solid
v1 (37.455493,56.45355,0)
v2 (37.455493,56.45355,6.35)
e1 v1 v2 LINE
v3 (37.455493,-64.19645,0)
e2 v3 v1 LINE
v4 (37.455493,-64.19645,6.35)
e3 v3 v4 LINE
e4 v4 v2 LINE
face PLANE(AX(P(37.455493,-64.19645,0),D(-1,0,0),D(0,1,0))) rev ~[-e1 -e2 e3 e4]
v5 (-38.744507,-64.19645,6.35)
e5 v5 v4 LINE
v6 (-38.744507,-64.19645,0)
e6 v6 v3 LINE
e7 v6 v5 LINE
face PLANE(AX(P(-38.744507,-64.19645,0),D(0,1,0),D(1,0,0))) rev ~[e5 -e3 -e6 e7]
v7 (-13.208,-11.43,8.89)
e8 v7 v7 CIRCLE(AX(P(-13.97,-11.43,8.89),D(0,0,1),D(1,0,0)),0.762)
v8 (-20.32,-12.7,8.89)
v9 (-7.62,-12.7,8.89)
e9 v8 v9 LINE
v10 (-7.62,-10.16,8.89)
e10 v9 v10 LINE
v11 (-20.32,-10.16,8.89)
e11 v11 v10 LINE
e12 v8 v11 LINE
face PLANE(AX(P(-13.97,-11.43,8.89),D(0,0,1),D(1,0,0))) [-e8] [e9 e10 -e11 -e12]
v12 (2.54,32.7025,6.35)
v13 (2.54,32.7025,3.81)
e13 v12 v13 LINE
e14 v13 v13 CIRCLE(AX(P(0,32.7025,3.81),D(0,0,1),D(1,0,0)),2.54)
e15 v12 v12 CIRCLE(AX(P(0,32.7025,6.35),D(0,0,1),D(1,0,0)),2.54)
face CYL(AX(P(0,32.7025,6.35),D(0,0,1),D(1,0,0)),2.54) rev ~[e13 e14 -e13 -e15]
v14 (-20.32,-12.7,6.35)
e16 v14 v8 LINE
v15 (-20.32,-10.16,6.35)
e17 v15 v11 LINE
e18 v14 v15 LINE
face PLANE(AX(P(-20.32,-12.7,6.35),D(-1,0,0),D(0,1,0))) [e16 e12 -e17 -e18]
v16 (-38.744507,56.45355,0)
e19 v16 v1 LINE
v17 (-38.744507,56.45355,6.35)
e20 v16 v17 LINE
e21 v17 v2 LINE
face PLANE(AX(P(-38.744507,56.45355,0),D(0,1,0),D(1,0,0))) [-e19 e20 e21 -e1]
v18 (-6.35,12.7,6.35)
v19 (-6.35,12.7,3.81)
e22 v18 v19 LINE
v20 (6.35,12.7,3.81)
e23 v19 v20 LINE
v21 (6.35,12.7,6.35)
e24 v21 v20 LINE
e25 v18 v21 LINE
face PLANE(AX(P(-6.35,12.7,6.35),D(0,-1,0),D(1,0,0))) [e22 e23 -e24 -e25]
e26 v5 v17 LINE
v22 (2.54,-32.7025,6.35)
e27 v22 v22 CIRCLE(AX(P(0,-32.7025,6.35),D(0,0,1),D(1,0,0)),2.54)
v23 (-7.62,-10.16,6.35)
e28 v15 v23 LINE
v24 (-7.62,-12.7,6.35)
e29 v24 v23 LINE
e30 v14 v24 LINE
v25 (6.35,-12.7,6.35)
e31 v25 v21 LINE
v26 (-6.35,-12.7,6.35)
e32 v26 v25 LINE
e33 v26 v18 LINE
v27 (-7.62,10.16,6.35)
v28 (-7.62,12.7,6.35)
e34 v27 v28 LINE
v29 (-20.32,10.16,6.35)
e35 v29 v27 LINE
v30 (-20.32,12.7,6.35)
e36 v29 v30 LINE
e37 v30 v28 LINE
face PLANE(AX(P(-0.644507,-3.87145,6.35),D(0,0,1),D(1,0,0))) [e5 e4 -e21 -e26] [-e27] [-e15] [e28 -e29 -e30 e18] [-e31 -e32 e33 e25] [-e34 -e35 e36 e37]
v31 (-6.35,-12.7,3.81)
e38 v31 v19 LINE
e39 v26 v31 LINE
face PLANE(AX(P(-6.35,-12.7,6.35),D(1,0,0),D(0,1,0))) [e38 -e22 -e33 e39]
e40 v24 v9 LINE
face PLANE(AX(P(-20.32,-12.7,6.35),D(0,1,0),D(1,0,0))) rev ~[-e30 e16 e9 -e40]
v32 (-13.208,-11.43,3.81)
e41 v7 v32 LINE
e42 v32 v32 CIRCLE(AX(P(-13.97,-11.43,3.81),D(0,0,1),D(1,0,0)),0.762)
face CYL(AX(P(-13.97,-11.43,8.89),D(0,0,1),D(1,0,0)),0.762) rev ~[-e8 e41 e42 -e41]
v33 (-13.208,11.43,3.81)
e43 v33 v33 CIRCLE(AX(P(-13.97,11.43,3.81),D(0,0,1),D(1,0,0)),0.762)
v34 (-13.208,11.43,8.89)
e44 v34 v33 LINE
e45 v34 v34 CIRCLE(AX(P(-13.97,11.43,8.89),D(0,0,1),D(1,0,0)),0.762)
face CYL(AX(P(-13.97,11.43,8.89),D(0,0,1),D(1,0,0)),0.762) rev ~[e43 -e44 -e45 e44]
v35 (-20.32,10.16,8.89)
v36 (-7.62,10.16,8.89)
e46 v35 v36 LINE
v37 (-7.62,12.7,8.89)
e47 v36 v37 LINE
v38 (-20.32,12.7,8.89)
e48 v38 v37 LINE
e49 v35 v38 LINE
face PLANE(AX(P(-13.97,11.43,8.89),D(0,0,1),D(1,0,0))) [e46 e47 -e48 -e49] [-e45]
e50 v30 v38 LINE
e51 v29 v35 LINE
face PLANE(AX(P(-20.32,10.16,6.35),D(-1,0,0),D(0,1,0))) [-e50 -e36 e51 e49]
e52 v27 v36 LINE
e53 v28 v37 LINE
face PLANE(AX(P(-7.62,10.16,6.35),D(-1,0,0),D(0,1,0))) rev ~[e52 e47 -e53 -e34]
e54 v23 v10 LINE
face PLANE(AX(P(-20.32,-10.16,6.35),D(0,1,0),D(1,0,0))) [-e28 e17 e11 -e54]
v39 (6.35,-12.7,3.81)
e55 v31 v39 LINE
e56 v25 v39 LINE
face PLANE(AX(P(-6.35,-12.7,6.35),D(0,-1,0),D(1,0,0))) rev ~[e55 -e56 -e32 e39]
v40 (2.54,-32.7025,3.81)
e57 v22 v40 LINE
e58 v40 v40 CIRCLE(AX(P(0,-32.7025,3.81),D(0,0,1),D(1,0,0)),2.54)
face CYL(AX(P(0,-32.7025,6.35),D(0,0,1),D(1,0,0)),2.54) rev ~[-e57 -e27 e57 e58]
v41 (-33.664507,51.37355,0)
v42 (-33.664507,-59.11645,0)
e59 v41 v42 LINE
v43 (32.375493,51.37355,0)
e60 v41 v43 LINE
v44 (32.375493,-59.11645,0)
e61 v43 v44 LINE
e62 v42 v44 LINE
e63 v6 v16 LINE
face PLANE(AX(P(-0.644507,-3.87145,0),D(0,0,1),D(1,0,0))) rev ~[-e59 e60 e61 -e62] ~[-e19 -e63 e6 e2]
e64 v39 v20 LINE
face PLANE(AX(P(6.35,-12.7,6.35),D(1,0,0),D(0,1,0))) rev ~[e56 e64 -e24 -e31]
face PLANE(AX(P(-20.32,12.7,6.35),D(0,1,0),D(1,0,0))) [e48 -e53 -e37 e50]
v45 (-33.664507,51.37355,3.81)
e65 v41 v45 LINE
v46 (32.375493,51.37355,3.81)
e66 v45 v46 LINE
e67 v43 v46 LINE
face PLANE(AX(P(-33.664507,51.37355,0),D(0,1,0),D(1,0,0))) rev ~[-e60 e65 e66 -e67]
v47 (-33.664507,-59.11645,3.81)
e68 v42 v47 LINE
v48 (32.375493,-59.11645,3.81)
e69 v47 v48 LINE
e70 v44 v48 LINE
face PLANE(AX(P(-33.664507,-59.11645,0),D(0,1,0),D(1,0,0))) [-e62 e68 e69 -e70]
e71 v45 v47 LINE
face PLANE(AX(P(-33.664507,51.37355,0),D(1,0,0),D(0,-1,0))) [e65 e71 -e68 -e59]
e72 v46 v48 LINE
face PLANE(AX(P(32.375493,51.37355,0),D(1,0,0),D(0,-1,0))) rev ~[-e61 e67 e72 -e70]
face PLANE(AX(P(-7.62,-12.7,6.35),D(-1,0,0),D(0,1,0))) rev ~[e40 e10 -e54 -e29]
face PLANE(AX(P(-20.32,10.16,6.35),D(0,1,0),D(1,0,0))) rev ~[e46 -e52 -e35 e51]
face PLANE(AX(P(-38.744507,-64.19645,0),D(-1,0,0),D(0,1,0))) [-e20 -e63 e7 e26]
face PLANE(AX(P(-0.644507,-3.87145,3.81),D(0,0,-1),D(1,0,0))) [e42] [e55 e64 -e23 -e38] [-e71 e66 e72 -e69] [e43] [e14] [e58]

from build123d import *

# Parameters (mm, degrees)
F0_W      = 76.2
F0_H      = 120.65
F1_DEPTH  = 6.35
F2_W      = 12.7
F2_H      = 25.4
F3_DEPTH  = 6.35
F4_R      = 2.54
F5_DEPTH  = 6.35
F6_W      = 12.7
F6_H      = 2.54
F7_DEPTH  = 2.54
F8_R      = 0.762
F9_R      = 0.762
F10_DEPTH = 11.938
F11_W     = 66.04
F11_H     = 110.49
F12_DEPTH = 3.81


with BuildPart() as f1:
    # F0 (on Top) → F1 (new body)
    with BuildSketch(Plane.XY):
        with Locations((-0.644507, -3.87145)):
            Rectangle(F0_W, F0_H)
    extrude(amount=F1_DEPTH)

    # F2 (on face) → F3 (cut)
    with BuildSketch(Plane.XY.offset(6.35)):
        Rectangle(F2_W, F2_H)
    extrude(amount=-F3_DEPTH, mode=Mode.SUBTRACT)

    # F4 (on face) → F5 (cut)
    with BuildSketch(Plane.XY.offset(6.35)):
        with Locations((0, -32.7025)):
            Circle(F4_R)
        with Locations((0, 32.7025)):
            Circle(F4_R)
    extrude(amount=-F5_DEPTH, mode=Mode.SUBTRACT)

    # F6 (on face) → F7 (join)
    with BuildSketch(Plane.XY.offset(6.35)):
        with Locations((-13.97, 11.43)):
            Rectangle(F6_W, F6_H)
        with Locations((-13.97, -11.43)):
            Rectangle(F6_W, F6_H)
    extrude(amount=F7_DEPTH)

    # F8 (on face) + F9 (on face) → F10 (cut)
    with BuildSketch(Plane.XY.offset(8.89)):
        with Locations((-13.97, 11.43)):
            Circle(F8_R)
    with BuildSketch(Plane.XY.offset(8.89)):
        with Locations((-13.97, -11.43)):
            Circle(F9_R)
    extrude(amount=-F10_DEPTH, mode=Mode.SUBTRACT)

    # F11 (on face) → F12 (cut)
    with BuildSketch(Plane(origin=(0, 0, 0), x_dir=(1, 0, 0), z_dir=(0, 0, -1))):
        with Locations((-0.644507, 3.87145)):
            Rectangle(F11_W, F11_H)
    extrude(amount=-F12_DEPTH, mode=Mode.SUBTRACT)


solid = f1.part
